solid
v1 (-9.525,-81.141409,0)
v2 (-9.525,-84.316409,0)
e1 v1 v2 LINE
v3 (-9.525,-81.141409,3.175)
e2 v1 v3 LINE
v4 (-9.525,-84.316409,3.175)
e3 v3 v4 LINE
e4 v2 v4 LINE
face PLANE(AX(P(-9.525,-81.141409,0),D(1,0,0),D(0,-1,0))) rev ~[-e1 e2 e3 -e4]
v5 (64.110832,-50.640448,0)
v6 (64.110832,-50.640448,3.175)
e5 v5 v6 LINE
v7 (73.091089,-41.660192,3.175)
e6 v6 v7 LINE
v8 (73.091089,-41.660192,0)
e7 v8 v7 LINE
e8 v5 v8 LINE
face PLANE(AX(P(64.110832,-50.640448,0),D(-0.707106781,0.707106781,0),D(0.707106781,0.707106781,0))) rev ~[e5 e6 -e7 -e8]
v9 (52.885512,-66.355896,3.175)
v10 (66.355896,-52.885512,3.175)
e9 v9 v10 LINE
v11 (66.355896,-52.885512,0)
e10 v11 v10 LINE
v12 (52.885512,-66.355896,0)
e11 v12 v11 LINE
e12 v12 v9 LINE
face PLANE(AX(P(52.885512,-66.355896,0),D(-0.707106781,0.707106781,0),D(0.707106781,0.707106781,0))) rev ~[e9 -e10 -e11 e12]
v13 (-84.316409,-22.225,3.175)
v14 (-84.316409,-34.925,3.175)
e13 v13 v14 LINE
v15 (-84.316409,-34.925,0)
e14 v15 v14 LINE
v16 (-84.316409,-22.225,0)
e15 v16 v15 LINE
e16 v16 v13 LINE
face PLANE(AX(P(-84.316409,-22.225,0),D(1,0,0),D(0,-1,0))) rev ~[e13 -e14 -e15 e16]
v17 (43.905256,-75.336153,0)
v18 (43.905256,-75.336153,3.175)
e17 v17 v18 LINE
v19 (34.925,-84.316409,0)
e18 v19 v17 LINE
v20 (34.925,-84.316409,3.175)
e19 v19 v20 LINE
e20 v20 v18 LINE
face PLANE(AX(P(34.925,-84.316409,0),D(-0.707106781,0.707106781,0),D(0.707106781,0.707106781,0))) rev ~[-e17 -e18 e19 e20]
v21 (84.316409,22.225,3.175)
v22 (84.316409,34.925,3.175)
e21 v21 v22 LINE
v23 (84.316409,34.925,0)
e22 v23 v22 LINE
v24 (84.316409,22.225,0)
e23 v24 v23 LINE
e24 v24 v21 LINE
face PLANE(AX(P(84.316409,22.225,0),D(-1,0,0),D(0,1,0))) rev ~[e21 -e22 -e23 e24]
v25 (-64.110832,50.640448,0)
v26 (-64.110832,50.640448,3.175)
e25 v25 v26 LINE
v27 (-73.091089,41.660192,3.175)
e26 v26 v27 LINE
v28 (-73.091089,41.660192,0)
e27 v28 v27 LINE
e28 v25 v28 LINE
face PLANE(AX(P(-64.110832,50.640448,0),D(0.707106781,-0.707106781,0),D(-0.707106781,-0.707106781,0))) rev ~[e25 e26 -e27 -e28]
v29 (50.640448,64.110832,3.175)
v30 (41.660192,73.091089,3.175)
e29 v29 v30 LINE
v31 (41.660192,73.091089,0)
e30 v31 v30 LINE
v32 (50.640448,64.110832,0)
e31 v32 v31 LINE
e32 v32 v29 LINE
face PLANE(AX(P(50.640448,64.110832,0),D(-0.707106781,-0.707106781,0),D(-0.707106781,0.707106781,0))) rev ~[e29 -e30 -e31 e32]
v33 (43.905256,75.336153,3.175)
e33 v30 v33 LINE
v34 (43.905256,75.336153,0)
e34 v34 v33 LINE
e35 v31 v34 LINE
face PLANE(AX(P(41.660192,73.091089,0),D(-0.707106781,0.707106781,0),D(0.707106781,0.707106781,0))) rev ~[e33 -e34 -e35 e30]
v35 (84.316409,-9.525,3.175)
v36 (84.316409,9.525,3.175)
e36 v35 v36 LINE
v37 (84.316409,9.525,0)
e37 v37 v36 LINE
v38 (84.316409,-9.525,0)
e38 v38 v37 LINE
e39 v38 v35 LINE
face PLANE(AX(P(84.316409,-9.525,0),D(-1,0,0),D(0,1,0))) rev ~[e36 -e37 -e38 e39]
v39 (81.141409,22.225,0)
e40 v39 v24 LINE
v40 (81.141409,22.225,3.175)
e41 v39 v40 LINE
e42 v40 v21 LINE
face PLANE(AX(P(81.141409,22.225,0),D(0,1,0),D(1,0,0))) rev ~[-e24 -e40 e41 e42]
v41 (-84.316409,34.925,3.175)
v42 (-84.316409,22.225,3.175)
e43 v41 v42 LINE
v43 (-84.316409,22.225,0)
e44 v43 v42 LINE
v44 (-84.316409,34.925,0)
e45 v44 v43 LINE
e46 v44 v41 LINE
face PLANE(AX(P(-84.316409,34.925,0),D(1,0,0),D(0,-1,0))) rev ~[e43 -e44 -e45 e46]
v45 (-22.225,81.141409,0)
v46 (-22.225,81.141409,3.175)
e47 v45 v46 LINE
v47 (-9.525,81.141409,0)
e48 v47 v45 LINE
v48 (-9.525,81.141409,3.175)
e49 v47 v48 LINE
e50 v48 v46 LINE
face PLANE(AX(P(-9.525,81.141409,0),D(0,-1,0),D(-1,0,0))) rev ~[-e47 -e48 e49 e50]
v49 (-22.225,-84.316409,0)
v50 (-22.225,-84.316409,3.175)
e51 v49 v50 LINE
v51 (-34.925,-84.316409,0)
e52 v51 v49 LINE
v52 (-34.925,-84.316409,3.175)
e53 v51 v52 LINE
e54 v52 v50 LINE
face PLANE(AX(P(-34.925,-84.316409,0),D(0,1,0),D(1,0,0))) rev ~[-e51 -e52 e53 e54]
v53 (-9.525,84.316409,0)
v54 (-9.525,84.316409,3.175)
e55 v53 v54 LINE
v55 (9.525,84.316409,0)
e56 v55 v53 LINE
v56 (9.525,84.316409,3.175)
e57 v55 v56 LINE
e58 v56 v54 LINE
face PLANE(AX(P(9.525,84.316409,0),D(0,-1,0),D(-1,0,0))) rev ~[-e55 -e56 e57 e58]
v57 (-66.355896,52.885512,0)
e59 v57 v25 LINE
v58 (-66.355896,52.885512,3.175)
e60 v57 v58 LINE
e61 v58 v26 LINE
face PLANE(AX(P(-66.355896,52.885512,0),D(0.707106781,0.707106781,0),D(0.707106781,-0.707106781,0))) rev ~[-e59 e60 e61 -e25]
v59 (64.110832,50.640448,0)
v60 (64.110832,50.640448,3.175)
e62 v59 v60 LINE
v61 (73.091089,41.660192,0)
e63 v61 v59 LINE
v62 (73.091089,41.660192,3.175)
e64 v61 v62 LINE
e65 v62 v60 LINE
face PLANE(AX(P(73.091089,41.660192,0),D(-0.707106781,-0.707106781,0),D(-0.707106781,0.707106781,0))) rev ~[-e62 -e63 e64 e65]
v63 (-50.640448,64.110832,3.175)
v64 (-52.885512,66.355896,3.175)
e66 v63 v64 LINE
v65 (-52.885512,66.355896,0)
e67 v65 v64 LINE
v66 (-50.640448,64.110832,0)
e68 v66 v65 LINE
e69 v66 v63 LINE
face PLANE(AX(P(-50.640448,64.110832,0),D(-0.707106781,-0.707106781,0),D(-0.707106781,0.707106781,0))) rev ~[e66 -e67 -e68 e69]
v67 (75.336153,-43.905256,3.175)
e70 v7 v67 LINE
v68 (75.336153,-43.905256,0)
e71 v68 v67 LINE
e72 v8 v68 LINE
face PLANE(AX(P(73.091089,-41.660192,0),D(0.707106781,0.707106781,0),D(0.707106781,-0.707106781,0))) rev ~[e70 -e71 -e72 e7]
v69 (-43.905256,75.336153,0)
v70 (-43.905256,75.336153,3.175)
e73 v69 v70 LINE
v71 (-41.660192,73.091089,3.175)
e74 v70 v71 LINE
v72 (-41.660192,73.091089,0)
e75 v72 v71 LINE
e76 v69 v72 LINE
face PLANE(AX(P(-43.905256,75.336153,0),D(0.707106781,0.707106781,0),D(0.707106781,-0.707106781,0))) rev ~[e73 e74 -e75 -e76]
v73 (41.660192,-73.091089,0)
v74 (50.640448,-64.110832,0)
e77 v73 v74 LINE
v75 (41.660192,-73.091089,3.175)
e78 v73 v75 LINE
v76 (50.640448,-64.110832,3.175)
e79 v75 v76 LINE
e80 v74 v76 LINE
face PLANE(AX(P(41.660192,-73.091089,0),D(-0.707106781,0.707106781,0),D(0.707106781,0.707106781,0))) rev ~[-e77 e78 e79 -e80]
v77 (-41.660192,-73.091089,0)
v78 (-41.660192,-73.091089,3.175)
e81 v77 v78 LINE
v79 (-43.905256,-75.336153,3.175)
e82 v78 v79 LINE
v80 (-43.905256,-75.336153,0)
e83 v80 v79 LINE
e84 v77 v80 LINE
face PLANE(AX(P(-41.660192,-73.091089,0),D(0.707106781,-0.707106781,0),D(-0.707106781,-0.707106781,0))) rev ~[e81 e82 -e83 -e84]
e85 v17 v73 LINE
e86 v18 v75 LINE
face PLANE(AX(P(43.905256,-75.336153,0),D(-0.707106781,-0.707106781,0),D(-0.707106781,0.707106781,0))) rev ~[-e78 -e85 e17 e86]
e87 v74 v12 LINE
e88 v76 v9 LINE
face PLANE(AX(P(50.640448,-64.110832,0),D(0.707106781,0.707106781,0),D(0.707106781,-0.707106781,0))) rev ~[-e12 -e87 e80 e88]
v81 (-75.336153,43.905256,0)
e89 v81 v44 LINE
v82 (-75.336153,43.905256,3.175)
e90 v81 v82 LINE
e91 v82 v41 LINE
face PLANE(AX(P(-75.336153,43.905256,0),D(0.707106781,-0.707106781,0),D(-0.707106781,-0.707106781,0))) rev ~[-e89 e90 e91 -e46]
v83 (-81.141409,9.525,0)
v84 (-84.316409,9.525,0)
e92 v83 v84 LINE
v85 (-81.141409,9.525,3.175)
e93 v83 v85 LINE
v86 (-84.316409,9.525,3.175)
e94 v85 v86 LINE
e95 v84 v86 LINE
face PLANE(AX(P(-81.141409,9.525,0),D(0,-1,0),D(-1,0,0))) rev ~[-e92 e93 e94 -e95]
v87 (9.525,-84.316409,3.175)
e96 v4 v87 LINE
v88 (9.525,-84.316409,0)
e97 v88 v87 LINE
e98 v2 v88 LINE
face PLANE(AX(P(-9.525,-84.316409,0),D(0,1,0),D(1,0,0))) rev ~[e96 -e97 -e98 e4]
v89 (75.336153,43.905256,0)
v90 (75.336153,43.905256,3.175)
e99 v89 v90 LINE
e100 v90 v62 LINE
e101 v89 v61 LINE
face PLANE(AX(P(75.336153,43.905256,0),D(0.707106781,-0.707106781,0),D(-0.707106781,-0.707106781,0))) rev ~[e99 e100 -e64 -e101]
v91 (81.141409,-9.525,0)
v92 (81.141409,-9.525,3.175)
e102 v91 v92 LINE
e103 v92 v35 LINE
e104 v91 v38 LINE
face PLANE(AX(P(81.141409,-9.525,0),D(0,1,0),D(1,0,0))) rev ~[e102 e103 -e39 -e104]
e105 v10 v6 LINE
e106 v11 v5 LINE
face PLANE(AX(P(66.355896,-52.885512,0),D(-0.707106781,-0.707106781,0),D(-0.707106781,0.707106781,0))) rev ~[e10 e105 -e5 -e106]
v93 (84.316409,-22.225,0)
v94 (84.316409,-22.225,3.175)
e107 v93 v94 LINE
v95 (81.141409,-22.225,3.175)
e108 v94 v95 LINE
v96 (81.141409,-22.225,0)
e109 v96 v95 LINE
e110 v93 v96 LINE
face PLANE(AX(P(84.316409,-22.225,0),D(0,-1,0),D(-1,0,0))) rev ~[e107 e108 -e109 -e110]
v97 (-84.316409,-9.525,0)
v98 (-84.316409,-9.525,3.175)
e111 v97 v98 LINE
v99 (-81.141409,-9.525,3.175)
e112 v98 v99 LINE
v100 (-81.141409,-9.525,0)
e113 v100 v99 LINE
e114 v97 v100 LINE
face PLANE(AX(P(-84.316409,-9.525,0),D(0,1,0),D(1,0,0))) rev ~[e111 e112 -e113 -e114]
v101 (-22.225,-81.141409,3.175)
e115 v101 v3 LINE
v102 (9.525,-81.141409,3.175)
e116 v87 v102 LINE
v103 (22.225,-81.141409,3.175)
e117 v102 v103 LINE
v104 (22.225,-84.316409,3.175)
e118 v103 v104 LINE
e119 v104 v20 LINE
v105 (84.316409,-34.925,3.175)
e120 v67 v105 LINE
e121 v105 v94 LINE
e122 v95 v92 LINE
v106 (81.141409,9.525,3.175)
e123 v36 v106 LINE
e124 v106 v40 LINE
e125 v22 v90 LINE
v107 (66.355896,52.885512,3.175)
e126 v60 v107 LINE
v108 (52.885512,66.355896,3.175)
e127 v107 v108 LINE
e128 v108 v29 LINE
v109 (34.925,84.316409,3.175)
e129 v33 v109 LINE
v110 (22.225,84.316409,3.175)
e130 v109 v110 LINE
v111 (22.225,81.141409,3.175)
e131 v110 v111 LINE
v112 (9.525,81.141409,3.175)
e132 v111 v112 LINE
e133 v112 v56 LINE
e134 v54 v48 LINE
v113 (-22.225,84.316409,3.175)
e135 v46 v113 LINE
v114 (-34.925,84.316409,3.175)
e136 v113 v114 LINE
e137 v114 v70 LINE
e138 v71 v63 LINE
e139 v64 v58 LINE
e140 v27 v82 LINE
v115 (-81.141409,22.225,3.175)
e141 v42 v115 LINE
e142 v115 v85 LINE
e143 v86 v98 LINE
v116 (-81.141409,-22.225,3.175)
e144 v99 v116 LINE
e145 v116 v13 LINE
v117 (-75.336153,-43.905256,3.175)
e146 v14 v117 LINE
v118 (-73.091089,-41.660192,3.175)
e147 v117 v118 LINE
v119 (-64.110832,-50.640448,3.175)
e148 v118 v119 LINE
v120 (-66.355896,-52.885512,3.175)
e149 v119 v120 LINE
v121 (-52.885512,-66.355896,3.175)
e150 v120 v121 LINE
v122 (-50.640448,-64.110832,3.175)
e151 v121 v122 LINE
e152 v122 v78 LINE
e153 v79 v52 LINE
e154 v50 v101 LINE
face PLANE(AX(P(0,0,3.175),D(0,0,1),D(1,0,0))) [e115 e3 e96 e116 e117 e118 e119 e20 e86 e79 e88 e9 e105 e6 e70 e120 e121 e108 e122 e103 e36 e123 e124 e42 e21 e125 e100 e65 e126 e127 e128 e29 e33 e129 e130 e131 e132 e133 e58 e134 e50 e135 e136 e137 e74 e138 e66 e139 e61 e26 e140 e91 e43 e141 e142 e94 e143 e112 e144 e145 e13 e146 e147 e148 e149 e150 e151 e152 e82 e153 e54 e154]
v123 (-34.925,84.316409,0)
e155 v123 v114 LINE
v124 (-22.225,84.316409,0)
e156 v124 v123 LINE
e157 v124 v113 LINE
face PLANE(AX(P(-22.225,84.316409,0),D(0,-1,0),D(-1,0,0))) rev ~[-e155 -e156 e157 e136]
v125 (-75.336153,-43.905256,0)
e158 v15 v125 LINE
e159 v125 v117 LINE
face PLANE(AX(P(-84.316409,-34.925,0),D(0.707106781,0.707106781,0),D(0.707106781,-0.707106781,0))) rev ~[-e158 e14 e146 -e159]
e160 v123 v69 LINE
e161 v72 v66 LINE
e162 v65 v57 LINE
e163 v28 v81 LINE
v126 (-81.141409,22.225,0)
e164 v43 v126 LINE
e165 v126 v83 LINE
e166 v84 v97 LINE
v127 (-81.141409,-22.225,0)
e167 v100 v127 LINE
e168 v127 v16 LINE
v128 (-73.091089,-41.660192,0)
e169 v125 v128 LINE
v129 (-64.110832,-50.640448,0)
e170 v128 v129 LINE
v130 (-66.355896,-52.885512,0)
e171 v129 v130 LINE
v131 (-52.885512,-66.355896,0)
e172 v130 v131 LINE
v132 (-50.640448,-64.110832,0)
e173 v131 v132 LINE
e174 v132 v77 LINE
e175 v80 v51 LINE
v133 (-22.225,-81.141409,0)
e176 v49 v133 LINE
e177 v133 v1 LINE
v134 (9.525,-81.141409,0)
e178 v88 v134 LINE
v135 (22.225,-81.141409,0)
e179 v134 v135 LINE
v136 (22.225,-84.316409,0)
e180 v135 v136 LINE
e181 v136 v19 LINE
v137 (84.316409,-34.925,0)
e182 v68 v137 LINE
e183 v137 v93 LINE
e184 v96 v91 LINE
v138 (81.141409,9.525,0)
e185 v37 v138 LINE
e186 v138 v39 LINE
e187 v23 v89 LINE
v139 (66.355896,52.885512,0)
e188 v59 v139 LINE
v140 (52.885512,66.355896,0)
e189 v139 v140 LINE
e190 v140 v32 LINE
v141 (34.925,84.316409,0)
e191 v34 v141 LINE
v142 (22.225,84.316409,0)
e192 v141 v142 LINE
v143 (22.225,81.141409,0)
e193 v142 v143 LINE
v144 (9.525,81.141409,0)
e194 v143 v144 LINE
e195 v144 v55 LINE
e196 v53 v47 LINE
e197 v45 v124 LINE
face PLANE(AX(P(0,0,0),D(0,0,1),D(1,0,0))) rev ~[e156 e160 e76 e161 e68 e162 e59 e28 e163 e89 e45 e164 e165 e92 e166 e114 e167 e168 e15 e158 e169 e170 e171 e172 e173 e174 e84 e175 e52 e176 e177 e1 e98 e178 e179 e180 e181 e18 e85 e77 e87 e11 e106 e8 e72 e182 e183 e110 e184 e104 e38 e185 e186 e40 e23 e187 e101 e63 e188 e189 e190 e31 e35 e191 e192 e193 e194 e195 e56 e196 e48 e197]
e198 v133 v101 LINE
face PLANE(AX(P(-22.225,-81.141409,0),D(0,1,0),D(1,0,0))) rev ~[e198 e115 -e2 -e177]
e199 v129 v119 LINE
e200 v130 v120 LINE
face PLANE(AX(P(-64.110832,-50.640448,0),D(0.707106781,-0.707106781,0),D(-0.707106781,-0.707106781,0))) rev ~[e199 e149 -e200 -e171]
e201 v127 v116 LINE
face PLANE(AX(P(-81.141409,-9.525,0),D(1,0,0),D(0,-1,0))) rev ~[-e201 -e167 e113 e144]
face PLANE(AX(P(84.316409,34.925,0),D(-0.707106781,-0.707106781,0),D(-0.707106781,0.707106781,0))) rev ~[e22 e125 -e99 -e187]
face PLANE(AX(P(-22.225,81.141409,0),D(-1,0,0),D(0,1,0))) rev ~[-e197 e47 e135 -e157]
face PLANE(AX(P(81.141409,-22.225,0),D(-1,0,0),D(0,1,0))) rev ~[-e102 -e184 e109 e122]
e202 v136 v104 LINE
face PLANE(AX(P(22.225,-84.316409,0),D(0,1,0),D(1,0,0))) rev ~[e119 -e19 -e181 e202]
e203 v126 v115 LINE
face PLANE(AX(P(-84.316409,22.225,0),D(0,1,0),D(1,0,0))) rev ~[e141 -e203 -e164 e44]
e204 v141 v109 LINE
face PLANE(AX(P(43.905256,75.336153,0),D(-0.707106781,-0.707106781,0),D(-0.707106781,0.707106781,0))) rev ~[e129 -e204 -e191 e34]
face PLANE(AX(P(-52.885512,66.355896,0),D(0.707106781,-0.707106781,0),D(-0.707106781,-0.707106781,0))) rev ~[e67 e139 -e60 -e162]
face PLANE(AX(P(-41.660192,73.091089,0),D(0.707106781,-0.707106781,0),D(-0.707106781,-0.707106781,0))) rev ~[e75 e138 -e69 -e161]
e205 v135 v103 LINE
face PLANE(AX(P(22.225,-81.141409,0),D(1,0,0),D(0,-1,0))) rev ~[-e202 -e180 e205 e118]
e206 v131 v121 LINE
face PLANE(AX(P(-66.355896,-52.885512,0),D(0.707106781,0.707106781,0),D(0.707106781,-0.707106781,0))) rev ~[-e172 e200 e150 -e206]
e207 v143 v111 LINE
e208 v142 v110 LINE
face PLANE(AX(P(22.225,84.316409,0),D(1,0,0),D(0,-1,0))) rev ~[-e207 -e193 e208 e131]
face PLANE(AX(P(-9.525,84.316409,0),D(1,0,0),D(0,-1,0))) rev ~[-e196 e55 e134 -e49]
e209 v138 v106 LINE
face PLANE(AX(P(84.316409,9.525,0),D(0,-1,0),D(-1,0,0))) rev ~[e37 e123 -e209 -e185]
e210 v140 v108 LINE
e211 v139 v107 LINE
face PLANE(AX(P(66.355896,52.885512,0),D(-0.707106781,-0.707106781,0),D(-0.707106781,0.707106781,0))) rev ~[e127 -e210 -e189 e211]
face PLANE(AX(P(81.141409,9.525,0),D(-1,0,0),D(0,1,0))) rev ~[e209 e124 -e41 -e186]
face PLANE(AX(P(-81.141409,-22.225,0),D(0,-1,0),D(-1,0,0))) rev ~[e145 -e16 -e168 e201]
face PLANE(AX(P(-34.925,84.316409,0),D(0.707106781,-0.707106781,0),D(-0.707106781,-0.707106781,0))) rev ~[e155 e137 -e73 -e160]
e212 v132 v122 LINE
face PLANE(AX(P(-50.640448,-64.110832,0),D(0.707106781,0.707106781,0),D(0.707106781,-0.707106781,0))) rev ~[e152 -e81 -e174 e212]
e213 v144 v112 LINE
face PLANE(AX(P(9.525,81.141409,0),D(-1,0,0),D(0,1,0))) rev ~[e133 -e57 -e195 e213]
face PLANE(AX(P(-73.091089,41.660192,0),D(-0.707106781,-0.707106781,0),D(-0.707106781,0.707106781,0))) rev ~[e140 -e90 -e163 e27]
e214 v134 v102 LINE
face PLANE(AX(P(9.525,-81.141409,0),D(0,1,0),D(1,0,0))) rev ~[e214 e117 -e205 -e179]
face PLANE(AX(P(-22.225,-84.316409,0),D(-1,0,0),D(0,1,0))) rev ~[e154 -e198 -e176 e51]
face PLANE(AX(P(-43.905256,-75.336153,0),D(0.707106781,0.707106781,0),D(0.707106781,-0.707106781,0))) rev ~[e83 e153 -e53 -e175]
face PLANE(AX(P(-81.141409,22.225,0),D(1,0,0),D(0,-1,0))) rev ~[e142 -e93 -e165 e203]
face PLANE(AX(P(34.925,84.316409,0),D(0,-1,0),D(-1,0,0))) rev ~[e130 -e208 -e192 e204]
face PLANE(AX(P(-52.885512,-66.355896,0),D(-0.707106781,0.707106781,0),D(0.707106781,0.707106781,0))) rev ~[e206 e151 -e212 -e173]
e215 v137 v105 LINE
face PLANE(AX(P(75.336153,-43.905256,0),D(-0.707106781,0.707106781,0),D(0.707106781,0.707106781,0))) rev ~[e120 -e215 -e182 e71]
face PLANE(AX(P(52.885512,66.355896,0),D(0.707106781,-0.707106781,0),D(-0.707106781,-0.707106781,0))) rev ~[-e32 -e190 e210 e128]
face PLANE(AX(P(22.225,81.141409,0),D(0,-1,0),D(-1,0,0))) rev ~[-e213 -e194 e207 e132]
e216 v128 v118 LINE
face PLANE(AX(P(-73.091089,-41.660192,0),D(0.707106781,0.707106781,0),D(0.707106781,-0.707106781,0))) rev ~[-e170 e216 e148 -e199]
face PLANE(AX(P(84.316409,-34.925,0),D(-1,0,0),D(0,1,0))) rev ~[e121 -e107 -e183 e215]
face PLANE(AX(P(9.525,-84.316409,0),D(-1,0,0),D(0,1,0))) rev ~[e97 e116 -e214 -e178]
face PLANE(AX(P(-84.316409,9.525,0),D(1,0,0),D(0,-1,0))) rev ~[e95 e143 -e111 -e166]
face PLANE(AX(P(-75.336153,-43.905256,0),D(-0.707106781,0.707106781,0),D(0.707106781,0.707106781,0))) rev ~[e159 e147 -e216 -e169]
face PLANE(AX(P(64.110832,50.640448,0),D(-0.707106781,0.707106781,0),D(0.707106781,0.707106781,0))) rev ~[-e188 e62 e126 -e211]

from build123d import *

# Parameters (mm, degrees)
BOSS_EXTRUDE1_DEPTH = 3.175


with BuildPart() as part:
    # Sketch1 → Boss-Extrude1 (new body)
    with BuildSketch(Plane.XY):
        Polygon((50.640448212, 64.110832393), (41.660192091, 73.091088515), (43.905256121, 75.336152545), (34.925, 84.316408666), (22.225, 84.316408666), (22.225, 81.141408666), (9.525, 81.141408666), (9.525, 84.316408666), (-9.525, 84.316408666), (-9.525, 81.141408666), (-22.225, 81.141408666), (-22.225, 84.316408666), (-34.925, 84.316408666), (-43.905256121, 75.336152545), (-41.660192091, 73.091088515), (-50.640448212, 64.110832393), (-52.885512242, 66.355896424), (-66.355896424, 52.885512242), (-64.110832393, 50.640448212), (-73.091088515, 41.660192091), (-75.336152545, 43.905256121), (-84.316408666, 34.925), (-84.316408666, 22.225), (-81.141408666, 22.225), (-81.141408666, 9.525), (-84.316408666, 9.525), (-84.316408666, -9.525), (-81.141408666, -9.525), (-81.141408666, -22.225), (-84.316408666, -22.225), (-84.316408666, -34.925), (-75.336152545, -43.905256121), (-73.091088515, -41.660192091), (-64.110832393, -50.640448212), (-66.355896424, -52.885512242), (-52.885512242, -66.355896424), (-50.640448212, -64.110832393), (-41.660192091, -73.091088515), (-43.905256121, -75.336152545), (-34.925, -84.316408666), (-22.225, -84.316408666), (-22.225, -81.141408666), (-9.525, -81.141408666), (-9.525, -84.316408666), (9.525, -84.316408666), (9.525, -81.141408666), (22.225, -81.141408666), (22.225, -84.316408666), (34.925, -84.316408666), (43.905256121, -75.336152545), (41.660192091, -73.091088515), (50.640448212, -64.110832393), (52.885512242, -66.355896424), (66.355896424, -52.885512242), (64.110832393, -50.640448212), (73.091088515, -41.660192091), (75.336152545, -43.905256121), (84.316408666, -34.925), (84.316408666, -22.225), (81.141408666, -22.225), (81.141408666, -9.525), (84.316408666, -9.525), (84.316408666, 9.525), (81.141408666, 9.525), (81.141408666, 22.225), (84.316408666, 22.225), (84.316408666, 34.925), (75.336152545, 43.905256121), (73.091088515, 41.660192091), (64.110832393, 50.640448212), (66.355896424, 52.885512242), (52.885512242, 66.355896424), align=None)
    extrude(amount=BOSS_EXTRUDE1_DEPTH)


solid = part.part
